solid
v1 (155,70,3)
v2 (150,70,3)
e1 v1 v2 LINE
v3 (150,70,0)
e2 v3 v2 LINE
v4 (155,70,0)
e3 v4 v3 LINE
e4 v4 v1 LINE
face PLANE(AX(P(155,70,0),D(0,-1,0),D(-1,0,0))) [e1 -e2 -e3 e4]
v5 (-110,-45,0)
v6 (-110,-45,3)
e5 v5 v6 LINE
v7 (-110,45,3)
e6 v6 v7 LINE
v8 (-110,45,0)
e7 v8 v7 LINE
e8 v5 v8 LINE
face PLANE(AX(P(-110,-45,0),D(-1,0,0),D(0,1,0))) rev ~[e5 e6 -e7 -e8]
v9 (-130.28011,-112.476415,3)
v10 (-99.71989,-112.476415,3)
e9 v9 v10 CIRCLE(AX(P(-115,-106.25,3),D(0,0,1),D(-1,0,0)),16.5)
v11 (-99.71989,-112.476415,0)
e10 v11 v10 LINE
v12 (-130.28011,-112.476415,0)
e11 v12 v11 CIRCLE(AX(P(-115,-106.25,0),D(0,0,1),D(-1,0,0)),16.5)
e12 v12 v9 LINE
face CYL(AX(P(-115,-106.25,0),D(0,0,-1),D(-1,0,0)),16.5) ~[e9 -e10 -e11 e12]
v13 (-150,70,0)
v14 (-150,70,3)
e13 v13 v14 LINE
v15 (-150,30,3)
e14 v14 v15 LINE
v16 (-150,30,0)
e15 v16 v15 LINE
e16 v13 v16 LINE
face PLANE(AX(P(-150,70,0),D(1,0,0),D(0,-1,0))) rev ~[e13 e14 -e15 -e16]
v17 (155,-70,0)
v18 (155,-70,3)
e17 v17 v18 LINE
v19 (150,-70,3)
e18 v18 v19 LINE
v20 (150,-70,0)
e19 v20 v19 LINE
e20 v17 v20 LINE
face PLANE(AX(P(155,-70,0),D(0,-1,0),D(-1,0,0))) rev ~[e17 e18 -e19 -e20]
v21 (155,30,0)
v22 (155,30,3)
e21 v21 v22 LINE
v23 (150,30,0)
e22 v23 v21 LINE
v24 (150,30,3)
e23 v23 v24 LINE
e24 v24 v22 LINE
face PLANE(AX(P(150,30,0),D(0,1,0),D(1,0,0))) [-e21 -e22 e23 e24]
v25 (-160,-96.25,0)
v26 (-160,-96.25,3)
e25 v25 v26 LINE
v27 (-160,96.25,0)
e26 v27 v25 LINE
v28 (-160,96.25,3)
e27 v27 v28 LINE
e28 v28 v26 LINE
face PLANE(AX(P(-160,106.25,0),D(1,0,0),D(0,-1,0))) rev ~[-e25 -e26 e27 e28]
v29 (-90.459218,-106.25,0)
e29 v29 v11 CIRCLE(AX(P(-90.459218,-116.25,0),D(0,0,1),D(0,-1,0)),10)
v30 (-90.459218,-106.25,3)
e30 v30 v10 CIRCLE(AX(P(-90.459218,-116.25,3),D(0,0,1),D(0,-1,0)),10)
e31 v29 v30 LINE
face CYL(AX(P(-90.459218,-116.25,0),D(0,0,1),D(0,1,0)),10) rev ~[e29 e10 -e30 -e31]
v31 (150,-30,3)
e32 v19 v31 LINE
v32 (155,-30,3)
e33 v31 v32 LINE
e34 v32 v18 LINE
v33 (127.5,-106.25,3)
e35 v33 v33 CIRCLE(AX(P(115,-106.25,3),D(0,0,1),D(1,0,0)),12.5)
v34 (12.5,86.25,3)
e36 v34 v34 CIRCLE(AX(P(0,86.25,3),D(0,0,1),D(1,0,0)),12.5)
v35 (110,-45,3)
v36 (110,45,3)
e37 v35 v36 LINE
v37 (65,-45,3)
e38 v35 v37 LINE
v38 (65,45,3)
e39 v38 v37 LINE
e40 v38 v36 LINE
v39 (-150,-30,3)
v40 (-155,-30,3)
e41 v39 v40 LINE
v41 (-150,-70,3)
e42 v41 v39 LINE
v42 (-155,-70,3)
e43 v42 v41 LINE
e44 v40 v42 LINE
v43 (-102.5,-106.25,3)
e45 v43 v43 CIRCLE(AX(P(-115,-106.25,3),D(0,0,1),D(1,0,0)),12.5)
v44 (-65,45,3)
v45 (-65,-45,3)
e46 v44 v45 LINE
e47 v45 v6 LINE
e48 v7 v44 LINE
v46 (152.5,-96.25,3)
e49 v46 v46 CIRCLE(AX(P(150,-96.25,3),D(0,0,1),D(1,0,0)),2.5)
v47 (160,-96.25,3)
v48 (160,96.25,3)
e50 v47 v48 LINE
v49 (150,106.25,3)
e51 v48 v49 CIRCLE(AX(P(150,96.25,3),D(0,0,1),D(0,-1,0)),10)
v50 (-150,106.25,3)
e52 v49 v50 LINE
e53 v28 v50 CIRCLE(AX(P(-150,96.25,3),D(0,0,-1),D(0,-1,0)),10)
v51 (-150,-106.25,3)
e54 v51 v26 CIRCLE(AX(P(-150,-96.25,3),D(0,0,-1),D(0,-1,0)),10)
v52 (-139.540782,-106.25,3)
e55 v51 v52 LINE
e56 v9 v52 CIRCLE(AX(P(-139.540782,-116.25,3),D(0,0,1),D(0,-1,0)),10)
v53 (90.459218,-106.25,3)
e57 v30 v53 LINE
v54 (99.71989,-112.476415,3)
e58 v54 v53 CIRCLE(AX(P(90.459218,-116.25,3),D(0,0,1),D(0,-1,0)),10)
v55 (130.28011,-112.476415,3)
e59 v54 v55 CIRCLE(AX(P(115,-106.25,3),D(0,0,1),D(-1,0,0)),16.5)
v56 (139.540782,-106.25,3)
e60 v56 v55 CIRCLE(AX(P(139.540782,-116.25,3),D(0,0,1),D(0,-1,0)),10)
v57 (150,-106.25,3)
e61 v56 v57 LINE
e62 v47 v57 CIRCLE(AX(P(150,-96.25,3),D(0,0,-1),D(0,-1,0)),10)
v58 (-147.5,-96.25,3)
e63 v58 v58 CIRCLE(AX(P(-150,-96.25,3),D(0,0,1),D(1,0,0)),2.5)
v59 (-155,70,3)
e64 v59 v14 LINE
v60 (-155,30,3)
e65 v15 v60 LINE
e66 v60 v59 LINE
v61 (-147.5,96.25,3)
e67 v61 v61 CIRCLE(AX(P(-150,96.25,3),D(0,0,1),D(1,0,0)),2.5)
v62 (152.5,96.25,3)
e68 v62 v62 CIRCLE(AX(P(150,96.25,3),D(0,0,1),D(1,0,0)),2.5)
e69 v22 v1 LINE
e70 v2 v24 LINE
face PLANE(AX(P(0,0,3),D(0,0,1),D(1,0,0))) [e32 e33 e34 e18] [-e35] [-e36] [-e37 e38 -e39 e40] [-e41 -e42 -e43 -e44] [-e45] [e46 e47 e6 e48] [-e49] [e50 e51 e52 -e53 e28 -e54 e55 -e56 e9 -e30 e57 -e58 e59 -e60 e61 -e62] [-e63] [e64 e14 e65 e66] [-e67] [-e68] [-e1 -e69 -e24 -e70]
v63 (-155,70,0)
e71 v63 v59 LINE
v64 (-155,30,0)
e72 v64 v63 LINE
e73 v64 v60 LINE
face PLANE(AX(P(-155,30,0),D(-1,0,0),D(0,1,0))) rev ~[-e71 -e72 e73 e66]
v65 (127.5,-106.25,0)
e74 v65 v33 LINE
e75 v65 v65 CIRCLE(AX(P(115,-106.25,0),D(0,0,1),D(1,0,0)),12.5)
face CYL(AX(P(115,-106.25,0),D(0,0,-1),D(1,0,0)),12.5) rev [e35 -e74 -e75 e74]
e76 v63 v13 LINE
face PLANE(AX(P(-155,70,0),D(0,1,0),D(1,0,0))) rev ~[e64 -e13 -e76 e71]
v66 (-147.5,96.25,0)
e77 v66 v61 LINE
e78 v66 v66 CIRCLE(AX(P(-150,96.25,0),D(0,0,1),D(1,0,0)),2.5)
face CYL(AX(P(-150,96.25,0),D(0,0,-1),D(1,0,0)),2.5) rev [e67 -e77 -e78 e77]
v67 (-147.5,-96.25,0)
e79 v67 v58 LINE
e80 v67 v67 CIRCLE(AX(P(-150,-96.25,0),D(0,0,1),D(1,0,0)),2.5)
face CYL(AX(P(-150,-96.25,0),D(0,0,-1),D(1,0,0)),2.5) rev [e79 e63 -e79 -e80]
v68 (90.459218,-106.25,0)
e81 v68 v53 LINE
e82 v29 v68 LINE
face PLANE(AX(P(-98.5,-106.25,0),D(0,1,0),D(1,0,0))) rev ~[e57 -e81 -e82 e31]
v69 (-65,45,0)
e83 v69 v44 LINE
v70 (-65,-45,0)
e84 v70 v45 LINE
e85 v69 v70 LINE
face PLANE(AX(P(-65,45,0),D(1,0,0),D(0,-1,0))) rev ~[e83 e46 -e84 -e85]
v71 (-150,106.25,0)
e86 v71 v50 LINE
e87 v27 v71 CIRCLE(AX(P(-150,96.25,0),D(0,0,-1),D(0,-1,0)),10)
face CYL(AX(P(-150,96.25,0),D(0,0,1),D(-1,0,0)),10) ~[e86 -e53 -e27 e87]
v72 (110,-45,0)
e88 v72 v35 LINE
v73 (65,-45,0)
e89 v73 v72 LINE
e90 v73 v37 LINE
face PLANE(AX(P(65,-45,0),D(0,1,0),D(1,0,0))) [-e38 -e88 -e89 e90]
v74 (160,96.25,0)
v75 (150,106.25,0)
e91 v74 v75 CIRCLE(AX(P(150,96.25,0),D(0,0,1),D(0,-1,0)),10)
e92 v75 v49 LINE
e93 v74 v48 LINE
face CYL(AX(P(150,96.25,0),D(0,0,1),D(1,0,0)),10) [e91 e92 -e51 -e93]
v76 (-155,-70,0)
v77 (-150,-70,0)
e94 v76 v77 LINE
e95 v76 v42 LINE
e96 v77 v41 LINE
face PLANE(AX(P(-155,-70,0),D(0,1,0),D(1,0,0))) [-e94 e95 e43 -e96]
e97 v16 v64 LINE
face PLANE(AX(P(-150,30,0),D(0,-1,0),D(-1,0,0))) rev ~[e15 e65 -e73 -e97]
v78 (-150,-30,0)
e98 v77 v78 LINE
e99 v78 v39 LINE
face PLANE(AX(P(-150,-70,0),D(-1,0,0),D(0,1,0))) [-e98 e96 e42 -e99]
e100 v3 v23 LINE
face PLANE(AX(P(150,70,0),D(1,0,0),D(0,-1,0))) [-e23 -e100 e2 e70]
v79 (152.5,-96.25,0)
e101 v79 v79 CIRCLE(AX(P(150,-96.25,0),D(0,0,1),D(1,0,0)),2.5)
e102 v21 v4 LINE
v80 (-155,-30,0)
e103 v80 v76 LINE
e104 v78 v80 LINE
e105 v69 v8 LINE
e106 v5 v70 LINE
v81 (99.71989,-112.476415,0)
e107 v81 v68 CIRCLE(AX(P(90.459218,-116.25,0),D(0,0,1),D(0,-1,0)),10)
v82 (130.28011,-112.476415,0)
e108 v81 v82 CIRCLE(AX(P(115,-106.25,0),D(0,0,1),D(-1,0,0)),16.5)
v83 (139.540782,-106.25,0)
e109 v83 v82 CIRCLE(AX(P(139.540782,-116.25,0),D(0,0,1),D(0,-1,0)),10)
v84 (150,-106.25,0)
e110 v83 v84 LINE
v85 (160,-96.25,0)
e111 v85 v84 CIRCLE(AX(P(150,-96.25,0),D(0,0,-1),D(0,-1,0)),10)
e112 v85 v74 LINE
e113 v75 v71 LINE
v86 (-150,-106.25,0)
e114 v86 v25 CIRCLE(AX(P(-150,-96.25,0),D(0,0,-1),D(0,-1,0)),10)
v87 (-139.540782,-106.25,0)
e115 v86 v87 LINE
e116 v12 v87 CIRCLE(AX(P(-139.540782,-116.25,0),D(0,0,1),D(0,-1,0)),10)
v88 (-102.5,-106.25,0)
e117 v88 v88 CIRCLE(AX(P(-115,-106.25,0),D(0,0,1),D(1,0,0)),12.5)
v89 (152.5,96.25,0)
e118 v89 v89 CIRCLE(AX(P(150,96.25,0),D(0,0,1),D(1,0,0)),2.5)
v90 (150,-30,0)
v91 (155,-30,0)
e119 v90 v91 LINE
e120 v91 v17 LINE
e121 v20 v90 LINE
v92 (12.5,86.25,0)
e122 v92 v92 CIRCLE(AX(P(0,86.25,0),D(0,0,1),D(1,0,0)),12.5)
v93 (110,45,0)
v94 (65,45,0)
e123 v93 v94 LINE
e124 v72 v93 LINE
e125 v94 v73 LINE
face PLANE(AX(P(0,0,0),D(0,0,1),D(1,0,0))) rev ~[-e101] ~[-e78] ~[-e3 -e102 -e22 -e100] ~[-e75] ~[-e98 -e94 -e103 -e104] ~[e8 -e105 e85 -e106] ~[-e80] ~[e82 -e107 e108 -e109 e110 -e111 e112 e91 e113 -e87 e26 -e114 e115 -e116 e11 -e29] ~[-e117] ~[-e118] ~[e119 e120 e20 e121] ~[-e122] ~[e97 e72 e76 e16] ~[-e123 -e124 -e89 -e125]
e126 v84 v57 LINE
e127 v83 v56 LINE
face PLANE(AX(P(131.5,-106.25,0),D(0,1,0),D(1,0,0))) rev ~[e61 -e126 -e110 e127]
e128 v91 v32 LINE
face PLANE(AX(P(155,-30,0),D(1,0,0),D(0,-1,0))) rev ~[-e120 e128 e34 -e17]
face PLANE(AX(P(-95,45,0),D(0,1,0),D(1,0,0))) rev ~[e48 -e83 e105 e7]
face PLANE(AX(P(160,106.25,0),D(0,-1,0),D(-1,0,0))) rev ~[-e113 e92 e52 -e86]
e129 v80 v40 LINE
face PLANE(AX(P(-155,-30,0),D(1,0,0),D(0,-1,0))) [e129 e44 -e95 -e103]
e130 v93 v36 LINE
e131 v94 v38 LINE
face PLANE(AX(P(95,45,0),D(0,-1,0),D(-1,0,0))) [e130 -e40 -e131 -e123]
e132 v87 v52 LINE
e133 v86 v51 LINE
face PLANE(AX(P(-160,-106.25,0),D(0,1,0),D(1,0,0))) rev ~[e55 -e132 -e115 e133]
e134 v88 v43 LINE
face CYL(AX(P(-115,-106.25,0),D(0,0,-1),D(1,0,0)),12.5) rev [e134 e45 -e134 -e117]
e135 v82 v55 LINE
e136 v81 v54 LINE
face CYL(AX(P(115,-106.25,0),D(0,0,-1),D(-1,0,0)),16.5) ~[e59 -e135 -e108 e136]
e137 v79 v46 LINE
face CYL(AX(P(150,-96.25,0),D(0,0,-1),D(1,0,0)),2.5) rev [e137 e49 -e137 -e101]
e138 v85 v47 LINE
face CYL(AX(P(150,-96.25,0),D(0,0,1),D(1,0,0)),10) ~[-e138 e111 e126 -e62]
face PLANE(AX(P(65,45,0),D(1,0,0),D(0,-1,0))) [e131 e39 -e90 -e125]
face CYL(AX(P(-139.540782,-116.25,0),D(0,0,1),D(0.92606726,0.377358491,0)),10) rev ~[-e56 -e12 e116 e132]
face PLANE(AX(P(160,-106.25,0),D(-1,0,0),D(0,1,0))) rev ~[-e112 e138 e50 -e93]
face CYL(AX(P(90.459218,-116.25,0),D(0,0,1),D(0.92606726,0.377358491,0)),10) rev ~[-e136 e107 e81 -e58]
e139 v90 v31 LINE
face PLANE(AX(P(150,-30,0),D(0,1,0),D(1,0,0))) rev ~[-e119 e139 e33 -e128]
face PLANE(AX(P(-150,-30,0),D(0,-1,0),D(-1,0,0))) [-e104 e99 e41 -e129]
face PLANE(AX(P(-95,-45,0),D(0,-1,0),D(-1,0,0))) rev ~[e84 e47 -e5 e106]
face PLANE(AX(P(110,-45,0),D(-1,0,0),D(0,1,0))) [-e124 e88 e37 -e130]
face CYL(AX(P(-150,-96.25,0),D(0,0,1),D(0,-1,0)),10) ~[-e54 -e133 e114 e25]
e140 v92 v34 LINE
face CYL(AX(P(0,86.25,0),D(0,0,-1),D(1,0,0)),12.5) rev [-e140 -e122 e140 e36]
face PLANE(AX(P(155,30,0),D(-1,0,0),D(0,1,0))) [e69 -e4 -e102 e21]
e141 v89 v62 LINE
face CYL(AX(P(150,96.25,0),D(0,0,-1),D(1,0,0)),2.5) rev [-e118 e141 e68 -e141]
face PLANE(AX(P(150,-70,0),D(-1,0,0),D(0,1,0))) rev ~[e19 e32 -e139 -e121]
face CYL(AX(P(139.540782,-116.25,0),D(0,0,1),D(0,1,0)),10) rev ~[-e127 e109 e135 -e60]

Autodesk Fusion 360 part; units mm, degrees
sketch "Esquisse2" plane through (0, 0, 0) normal (0, 0, 1) x (1, 0, 0)
  line L0 (160, 106.25) -> (-160, 106.25)
  line L1 (-160, 106.25) -> (-160, -106.25)
  line L2 (160, -106.25) -> (160, 106.25)
  line L3 (160, 106.25) -> (-160, -106.25) construction
  line L4 (-160, 106.25) -> (160, -106.25) construction
  line L5 (0, 0) -> (65, 0) construction
  line L6 (95, 45) -> (65, 45)
  line L7 (65, 45) -> (65, -45)
  line L8 (65, -45) -> (95, -45)
  line L9 (95, -45) -> (95, 45)
  line L10 (95, 45) -> (65, -45) construction
  line L11 (65, 45) -> (95, -45) construction
  line L12 (110, 45) -> (95, 45)
  line L13 (95, 45) -> (95, -45)
  line L14 (95, -45) -> (110, -45)
  line L15 (110, -45) -> (110, 45)
  line L16 (110, 45) -> (95, -45) construction
  line L17 (95, 45) -> (110, -45) construction
  circle A0 centre (150, 96.25) radius 2.5
  line L18 (0, 2.5) -> (0, 20)
  circle A1 centre (-150, 96.25) radius 2.5
  circle A2 centre (150, -96.25) radius 2.5
  circle A3 centre (-150, -96.25) radius 2.5
  circle A4 centre (0, 86.25) radius 12.5
  circle A5 centre (115, -106.25) radius 12.5
  line L19 (0, 1.75) -> (0, 22.5)
  circle A6 centre (-115, -106.25) radius 12.5
  arc A7 (-131.5, -106.25) -> (-98.5, -106.25) centre (-115, -106.25) ccw
  line L20 (-160, -106.25) -> (-131.5, -106.25)
  arc A8 (98.5, -106.25) -> (131.5, -106.25) centre (115, -106.25) ccw
  line L21 (-98.5, -106.25) -> (98.5, -106.25)
  line L22 (131.5, -106.25) -> (160, -106.25)
  line L23 (-65, 45) -> (-65, -45)
  line L24 (-95, 45) -> (-65, 45)
  line L25 (-110, 45) -> (-95, 45)
  line L26 (-110, -45) -> (-110, 45)
  line L27 (-95, -45) -> (-110, -45)
  line L28 (-65, -45) -> (-95, -45)
  line L29 (-155, 70) -> (-150, 70)
  line L30 (-150, 70) -> (-150, 30)
  line L31 (-150, 30) -> (-155, 30)
  line L32 (-155, 30) -> (-155, 70)
  line L33 (-155, -30) -> (-155, -70)
  line L34 (-150, -30) -> (-155, -30)
  line L35 (-150, -70) -> (-150, -30)
  line L36 (-155, -70) -> (-150, -70)
  line L37 (150, -70) -> (150, -30)
  line L38 (155, -70) -> (150, -70)
  line L39 (155, -30) -> (155, -70)
  line L40 (150, -30) -> (155, -30)
  line L41 (155, 30) -> (155, 70)
  line L42 (155, 70) -> (150, 70)
  line L43 (150, 70) -> (150, 30)
  line L44 (150, 30) -> (155, 30)
  point P0 (80, 0)
  point P1 (102.5, 0)
  dimension "d39" = 212.5
  dimension "d40" = 65
  dimension "d41" = 50
  dimension "d42" = 30
  dimension "d43" = 15
  dimension "d44" = 90
  dimension "d45" = 90
  dimension "d46" = 5
  dimension "d47" = 10
  dimension "d48" = 10
  dimension "d49" = 25
  dimension "d50" = 20
  dimension "d51" = 25
  dimension "d52" = 45
  dimension "d54" = 4
  dimension "d56" = 4
  dimension "d57" = 28.5
  dimension "d58" = 5
  dimension "d59" = 40
  dimension "d60" = 5
  dimension "d61" = 30
extrude "Extrusion1" add sketch "Esquisse2" along normal blind 3
fillet "Congé1" radius 10 4 edges at (160, -106.25, 1.5) (-160, -106.25, 1.5) (-160, 106.25, 1.5) (160, 106.25, 1.5)
fillet "Congé2" radius 10 4 edges at (131.5, -106.25, 1.5) (98.5, -106.25, 1.5) (-131.5, -106.25, 1.5) (-98.5, -106.25, 1.5)
equation "baseWidth = 250 mm"
equation "baseDepth = ( maxPerimeter - sparePerimeter - 2 * baseWidth ) / 2"
equation "maxPerimeter = ( 2050 / 2 ) * 1 mm"
equation "maxDeployedPerimeter = ( 2200 / 2 ) * 1 mm"
equation "baseRatio = 2 / 3"
equation "sparePerimeter = 100 mm"
equation "baseThickness = 3 mm"
equation "chamferWidth = 30 mm"
equation "motorLength = 65 mm"
equation "wheelHoleWidth = 30 mm"
equation "encoderWheelHoleWidth = 15 mm"
equation "encoderAndSupportWidth = 40 mm"
equation "d39 = baseDepth"
equation "d42 = wheelHoleWidth"
equation "d43 = encoderWheelHoleWidth"
equation "d45 = d44"
equation "d51 = d49"
